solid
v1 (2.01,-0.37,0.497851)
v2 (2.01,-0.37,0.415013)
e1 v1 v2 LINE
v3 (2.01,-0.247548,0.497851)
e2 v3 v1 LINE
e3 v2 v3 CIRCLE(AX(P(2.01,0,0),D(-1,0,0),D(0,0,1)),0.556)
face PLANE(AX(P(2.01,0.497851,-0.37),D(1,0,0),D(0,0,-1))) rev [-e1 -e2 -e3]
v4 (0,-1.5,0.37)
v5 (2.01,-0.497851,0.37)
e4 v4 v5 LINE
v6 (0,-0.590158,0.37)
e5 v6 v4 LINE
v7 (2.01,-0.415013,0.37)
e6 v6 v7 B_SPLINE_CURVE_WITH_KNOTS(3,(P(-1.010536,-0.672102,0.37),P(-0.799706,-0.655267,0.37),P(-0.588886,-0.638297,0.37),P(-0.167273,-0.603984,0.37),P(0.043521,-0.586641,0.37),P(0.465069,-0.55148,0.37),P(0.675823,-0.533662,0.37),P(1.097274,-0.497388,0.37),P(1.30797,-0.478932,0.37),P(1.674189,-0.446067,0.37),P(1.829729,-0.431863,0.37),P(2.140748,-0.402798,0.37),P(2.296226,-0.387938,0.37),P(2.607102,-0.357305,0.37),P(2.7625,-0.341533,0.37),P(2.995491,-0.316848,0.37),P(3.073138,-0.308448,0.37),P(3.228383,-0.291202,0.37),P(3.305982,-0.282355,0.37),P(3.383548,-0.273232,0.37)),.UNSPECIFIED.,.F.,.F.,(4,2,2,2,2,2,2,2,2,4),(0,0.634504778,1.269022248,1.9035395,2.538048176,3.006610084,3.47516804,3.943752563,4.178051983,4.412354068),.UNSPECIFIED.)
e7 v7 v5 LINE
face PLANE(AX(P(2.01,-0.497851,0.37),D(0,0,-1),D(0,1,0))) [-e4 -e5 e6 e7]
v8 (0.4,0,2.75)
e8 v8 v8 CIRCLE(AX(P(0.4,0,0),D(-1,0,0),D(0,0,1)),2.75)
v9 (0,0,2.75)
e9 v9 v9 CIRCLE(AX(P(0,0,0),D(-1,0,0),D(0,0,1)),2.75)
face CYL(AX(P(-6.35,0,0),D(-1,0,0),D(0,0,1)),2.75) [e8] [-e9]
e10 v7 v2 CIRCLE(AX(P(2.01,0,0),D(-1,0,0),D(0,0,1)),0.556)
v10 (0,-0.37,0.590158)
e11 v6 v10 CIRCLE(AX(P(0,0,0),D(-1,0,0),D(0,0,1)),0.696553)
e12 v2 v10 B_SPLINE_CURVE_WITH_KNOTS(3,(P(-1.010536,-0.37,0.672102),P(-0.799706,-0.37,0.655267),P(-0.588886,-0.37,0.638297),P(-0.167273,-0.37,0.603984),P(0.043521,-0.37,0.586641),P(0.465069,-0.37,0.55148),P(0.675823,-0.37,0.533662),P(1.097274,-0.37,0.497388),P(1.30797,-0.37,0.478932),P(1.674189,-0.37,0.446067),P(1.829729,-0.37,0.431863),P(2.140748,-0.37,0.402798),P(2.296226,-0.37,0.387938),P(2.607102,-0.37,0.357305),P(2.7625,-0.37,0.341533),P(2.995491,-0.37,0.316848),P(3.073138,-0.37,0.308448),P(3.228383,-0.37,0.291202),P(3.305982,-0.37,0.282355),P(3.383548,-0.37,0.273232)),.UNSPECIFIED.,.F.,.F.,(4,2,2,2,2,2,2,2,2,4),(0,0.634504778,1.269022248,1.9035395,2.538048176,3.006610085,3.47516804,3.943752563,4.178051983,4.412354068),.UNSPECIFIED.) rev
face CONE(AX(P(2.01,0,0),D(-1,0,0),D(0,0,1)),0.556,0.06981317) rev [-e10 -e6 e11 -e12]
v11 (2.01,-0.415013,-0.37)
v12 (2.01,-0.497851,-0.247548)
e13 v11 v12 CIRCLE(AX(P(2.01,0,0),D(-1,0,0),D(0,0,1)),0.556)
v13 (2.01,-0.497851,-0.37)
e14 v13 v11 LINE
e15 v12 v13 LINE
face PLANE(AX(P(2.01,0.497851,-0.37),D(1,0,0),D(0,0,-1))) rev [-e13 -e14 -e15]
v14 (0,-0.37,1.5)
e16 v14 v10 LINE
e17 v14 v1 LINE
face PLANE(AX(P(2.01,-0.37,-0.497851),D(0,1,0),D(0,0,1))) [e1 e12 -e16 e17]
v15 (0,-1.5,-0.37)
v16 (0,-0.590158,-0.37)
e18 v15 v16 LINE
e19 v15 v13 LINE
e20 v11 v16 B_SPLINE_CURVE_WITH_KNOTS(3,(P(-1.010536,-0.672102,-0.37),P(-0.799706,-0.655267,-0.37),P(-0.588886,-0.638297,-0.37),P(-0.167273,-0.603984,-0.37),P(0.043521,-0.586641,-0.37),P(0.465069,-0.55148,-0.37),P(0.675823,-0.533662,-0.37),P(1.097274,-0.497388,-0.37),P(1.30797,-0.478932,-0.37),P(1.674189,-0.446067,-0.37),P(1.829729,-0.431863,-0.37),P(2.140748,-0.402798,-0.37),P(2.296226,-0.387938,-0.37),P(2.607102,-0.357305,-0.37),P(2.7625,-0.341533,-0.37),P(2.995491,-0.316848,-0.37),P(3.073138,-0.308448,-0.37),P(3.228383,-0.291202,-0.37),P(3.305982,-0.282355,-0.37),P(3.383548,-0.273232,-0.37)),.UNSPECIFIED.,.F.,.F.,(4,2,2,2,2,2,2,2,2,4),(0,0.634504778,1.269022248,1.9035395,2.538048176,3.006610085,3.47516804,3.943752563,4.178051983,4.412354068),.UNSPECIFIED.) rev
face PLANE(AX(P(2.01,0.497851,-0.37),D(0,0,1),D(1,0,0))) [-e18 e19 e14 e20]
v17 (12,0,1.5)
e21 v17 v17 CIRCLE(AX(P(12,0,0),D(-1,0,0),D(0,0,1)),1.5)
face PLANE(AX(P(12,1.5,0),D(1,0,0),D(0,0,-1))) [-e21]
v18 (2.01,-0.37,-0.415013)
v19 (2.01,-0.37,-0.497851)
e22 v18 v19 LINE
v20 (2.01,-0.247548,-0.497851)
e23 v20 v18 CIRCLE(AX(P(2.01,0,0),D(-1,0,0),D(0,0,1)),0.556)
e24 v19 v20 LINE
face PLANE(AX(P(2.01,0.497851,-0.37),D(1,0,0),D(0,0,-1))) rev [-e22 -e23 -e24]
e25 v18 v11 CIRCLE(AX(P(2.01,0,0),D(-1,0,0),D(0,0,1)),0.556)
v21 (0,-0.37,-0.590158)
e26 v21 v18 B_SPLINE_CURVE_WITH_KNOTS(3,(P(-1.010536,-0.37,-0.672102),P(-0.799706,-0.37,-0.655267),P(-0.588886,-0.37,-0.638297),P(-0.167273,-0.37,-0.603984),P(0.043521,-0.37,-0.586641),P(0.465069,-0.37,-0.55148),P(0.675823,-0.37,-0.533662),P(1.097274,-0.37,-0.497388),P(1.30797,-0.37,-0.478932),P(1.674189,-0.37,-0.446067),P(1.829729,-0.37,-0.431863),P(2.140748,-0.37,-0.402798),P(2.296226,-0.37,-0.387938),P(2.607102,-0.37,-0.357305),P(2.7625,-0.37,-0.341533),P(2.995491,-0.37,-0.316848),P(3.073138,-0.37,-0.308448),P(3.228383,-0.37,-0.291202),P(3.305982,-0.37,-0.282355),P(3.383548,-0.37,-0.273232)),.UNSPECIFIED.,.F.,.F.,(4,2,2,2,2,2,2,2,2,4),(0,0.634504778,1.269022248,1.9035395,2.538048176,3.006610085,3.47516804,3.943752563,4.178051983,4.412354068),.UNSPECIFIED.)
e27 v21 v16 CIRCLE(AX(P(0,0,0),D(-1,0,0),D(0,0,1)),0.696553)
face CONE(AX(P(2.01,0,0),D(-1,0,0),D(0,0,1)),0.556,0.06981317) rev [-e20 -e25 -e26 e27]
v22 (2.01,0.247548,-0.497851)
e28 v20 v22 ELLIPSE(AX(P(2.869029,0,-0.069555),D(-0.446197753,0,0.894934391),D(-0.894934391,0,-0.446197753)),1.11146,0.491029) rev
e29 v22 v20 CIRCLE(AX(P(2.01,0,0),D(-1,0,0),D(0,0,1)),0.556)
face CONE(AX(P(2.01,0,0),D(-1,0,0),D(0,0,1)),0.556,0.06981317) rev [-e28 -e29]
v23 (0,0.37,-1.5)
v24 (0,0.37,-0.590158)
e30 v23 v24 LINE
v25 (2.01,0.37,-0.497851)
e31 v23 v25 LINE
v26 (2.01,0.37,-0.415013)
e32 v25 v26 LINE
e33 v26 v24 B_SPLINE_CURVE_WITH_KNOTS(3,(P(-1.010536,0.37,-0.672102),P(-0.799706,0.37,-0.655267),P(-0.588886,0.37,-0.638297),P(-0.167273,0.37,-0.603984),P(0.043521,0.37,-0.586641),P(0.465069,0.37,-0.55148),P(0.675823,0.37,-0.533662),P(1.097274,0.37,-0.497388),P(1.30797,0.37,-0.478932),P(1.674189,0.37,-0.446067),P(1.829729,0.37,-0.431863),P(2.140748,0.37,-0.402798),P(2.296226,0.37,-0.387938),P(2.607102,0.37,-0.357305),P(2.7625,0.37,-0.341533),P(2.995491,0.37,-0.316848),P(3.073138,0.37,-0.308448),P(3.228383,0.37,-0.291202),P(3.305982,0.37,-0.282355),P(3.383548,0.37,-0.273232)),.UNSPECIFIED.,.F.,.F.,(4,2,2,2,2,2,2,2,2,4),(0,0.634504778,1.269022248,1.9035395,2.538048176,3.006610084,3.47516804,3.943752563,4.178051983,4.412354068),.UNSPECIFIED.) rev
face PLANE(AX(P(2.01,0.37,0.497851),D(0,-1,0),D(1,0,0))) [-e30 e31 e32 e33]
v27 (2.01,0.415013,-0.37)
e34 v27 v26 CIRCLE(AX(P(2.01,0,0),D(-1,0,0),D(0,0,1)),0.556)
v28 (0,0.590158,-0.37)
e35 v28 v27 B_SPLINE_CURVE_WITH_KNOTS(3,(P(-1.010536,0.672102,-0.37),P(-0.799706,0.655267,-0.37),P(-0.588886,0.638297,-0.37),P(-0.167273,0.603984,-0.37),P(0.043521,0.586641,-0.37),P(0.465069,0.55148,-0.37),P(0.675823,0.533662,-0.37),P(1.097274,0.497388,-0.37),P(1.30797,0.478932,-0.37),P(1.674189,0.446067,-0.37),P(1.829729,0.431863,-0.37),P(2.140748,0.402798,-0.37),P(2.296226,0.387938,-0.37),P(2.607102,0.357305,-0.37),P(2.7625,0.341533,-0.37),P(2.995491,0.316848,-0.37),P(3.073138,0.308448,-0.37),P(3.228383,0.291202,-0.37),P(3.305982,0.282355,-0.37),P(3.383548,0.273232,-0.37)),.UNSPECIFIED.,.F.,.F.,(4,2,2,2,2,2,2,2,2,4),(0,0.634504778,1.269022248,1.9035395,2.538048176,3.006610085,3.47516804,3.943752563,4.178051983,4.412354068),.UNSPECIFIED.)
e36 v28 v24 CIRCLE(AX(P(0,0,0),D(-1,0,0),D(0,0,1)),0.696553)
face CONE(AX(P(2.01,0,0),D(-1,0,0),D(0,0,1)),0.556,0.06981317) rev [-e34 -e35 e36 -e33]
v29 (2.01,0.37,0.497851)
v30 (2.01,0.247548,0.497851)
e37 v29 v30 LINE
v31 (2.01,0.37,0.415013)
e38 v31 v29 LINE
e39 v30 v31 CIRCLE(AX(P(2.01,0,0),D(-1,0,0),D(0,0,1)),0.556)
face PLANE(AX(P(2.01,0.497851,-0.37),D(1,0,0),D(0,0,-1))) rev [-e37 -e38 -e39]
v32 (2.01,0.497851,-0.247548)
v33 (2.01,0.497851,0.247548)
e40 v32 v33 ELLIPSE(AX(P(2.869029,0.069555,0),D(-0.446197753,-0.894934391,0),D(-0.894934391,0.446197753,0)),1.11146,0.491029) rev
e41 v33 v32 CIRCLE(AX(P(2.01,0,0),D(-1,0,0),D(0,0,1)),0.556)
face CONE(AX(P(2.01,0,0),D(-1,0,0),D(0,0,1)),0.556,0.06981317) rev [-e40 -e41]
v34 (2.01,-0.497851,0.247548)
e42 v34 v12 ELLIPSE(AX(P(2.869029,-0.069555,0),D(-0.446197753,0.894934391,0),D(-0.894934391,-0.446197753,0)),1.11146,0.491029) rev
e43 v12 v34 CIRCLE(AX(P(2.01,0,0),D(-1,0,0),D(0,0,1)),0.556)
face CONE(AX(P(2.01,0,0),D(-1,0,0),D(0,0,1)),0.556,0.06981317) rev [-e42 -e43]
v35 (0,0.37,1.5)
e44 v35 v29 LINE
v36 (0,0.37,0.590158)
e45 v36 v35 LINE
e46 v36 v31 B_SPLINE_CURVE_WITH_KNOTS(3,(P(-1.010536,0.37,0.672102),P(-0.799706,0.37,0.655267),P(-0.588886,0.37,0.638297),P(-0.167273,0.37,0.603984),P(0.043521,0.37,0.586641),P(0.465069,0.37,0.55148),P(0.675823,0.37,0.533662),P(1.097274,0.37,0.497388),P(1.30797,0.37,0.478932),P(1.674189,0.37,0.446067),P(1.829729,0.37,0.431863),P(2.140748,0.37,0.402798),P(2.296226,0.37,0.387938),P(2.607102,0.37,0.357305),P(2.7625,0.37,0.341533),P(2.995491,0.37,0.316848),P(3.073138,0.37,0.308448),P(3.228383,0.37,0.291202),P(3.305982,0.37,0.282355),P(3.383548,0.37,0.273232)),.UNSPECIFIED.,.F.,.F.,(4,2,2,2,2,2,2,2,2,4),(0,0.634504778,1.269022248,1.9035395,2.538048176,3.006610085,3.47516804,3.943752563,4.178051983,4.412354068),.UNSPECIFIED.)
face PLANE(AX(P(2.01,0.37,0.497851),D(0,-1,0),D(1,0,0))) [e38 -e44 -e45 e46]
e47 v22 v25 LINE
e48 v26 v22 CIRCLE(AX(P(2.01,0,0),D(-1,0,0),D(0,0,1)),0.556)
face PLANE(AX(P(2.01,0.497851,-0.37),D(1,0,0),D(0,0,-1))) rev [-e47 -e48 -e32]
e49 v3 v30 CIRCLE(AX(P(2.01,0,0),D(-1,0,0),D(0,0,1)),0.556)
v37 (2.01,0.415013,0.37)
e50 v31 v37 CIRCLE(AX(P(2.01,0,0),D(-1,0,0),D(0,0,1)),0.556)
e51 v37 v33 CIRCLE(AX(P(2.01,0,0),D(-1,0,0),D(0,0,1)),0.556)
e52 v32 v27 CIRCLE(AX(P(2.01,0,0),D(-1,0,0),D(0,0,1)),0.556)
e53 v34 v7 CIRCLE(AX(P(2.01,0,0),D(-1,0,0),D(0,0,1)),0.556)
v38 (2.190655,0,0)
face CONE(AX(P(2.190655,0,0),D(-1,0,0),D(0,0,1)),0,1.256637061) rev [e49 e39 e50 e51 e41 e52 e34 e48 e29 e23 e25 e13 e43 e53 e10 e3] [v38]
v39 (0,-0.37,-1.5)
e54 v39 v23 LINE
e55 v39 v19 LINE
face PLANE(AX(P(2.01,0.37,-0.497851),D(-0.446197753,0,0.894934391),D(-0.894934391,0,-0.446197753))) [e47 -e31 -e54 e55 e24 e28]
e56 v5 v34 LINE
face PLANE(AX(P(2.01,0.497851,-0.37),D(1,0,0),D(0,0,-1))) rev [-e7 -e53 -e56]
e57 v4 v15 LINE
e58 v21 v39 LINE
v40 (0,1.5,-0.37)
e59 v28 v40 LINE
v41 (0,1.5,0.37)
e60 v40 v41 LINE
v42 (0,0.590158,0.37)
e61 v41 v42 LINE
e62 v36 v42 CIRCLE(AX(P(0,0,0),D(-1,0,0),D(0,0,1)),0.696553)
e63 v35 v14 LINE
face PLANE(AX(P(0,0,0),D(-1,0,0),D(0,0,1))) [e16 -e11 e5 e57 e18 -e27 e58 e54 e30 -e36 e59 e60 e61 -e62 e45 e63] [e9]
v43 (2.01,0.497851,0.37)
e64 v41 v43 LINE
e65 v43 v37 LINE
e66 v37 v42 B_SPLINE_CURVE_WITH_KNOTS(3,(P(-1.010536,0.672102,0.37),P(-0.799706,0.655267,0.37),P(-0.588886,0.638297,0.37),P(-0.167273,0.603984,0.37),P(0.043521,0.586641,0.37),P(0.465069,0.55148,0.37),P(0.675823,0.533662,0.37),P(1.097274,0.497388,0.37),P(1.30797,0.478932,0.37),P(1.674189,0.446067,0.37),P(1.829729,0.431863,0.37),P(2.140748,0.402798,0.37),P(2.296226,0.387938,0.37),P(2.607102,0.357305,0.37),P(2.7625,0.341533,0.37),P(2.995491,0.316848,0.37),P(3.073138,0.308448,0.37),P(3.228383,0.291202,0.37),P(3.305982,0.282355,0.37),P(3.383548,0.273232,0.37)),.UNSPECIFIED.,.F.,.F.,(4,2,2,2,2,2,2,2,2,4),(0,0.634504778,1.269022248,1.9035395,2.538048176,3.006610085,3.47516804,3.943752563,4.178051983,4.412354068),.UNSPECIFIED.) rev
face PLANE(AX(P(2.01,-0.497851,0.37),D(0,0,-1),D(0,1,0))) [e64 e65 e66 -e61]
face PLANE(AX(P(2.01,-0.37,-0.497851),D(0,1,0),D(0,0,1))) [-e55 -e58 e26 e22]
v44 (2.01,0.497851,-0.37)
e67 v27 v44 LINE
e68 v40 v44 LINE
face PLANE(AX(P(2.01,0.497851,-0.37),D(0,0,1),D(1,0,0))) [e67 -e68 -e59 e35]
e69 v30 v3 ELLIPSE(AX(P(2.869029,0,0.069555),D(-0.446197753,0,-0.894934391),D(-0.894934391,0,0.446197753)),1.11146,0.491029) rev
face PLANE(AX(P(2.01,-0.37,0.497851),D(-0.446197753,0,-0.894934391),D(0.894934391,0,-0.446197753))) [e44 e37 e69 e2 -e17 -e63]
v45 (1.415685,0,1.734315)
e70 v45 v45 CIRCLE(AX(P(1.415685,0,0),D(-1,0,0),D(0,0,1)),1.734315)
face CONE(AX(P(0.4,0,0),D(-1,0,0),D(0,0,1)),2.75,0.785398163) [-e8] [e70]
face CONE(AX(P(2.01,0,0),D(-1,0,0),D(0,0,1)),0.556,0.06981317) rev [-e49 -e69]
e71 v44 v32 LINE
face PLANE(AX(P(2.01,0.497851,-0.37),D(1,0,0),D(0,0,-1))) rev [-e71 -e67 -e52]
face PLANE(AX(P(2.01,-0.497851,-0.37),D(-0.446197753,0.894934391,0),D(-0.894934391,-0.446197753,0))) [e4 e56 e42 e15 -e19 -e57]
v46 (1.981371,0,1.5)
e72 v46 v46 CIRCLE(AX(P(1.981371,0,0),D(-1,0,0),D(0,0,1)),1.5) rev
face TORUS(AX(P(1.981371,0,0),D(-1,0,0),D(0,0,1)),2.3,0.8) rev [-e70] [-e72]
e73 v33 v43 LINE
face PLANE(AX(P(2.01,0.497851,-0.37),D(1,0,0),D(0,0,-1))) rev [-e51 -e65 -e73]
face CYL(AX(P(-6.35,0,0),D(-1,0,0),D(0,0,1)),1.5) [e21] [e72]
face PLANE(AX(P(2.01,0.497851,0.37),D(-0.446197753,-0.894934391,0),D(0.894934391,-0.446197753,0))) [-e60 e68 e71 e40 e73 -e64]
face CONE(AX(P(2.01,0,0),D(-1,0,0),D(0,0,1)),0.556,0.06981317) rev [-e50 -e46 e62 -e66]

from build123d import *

# Parameters (mm, degrees)
FILLET1_R    = 0.8
SKETCH3_W    = 0.74
SKETCH3_H    = 3
SKETCH4_W    = 0.74
SKETCH4_H    = 0.99570227
RECPAT_COUNT = 2
RECPAT_ANGLE = 90


with BuildPart() as part:
    # BodySke → Base-Revolve (revolve)
    with BuildSketch(Plane.XY):
        Polygon((0, 0), (0, 2.75), (0.4, 2.75), (1.65, 1.5), (12, 1.5), (12, 0), align=None)
    revolve(axis=Axis((-6.35, 0, 0), (1, 0, 0)))

    # Fillet1
    fillet1_edges = [part.edges().sort_by_distance(p)[0] for p in [
        (1.65, -1.5, 0),
    ]]
    fillet(fillet1_edges, radius=FILLET1_R)

    # Sketch3 → Recess section 0
    with BuildSketch(Plane.ZY):
        Rectangle(SKETCH3_W, SKETCH3_H)
    # Sketch4 → Recess section 1
    with BuildSketch(Plane.ZY.offset(-2.01)):
        Rectangle(SKETCH4_W, SKETCH4_H)
    recess = loft(mode=Mode.SUBTRACT)

    # RecPat: Recess ×2 about axis
    recpat_axis = Axis((0, 0, 0), (1, 0, 0))
    for i in range(1, RECPAT_COUNT):
        add(recess.rotate(recpat_axis, i * RECPAT_ANGLE / (RECPAT_COUNT - 1)), mode=Mode.SUBTRACT)

    # RecCorSke → RecessCore (revolve, cut)
    with BuildSketch(Plane.XY):
        Polygon((0, 0), (0, 0.696552892), (2.01, 0.556), (2.190655351, 0), align=None)
    revolve(axis=Axis((-3.175, 0, 0), (1, 0, 0)), mode=Mode.SUBTRACT)


solid = part.part
